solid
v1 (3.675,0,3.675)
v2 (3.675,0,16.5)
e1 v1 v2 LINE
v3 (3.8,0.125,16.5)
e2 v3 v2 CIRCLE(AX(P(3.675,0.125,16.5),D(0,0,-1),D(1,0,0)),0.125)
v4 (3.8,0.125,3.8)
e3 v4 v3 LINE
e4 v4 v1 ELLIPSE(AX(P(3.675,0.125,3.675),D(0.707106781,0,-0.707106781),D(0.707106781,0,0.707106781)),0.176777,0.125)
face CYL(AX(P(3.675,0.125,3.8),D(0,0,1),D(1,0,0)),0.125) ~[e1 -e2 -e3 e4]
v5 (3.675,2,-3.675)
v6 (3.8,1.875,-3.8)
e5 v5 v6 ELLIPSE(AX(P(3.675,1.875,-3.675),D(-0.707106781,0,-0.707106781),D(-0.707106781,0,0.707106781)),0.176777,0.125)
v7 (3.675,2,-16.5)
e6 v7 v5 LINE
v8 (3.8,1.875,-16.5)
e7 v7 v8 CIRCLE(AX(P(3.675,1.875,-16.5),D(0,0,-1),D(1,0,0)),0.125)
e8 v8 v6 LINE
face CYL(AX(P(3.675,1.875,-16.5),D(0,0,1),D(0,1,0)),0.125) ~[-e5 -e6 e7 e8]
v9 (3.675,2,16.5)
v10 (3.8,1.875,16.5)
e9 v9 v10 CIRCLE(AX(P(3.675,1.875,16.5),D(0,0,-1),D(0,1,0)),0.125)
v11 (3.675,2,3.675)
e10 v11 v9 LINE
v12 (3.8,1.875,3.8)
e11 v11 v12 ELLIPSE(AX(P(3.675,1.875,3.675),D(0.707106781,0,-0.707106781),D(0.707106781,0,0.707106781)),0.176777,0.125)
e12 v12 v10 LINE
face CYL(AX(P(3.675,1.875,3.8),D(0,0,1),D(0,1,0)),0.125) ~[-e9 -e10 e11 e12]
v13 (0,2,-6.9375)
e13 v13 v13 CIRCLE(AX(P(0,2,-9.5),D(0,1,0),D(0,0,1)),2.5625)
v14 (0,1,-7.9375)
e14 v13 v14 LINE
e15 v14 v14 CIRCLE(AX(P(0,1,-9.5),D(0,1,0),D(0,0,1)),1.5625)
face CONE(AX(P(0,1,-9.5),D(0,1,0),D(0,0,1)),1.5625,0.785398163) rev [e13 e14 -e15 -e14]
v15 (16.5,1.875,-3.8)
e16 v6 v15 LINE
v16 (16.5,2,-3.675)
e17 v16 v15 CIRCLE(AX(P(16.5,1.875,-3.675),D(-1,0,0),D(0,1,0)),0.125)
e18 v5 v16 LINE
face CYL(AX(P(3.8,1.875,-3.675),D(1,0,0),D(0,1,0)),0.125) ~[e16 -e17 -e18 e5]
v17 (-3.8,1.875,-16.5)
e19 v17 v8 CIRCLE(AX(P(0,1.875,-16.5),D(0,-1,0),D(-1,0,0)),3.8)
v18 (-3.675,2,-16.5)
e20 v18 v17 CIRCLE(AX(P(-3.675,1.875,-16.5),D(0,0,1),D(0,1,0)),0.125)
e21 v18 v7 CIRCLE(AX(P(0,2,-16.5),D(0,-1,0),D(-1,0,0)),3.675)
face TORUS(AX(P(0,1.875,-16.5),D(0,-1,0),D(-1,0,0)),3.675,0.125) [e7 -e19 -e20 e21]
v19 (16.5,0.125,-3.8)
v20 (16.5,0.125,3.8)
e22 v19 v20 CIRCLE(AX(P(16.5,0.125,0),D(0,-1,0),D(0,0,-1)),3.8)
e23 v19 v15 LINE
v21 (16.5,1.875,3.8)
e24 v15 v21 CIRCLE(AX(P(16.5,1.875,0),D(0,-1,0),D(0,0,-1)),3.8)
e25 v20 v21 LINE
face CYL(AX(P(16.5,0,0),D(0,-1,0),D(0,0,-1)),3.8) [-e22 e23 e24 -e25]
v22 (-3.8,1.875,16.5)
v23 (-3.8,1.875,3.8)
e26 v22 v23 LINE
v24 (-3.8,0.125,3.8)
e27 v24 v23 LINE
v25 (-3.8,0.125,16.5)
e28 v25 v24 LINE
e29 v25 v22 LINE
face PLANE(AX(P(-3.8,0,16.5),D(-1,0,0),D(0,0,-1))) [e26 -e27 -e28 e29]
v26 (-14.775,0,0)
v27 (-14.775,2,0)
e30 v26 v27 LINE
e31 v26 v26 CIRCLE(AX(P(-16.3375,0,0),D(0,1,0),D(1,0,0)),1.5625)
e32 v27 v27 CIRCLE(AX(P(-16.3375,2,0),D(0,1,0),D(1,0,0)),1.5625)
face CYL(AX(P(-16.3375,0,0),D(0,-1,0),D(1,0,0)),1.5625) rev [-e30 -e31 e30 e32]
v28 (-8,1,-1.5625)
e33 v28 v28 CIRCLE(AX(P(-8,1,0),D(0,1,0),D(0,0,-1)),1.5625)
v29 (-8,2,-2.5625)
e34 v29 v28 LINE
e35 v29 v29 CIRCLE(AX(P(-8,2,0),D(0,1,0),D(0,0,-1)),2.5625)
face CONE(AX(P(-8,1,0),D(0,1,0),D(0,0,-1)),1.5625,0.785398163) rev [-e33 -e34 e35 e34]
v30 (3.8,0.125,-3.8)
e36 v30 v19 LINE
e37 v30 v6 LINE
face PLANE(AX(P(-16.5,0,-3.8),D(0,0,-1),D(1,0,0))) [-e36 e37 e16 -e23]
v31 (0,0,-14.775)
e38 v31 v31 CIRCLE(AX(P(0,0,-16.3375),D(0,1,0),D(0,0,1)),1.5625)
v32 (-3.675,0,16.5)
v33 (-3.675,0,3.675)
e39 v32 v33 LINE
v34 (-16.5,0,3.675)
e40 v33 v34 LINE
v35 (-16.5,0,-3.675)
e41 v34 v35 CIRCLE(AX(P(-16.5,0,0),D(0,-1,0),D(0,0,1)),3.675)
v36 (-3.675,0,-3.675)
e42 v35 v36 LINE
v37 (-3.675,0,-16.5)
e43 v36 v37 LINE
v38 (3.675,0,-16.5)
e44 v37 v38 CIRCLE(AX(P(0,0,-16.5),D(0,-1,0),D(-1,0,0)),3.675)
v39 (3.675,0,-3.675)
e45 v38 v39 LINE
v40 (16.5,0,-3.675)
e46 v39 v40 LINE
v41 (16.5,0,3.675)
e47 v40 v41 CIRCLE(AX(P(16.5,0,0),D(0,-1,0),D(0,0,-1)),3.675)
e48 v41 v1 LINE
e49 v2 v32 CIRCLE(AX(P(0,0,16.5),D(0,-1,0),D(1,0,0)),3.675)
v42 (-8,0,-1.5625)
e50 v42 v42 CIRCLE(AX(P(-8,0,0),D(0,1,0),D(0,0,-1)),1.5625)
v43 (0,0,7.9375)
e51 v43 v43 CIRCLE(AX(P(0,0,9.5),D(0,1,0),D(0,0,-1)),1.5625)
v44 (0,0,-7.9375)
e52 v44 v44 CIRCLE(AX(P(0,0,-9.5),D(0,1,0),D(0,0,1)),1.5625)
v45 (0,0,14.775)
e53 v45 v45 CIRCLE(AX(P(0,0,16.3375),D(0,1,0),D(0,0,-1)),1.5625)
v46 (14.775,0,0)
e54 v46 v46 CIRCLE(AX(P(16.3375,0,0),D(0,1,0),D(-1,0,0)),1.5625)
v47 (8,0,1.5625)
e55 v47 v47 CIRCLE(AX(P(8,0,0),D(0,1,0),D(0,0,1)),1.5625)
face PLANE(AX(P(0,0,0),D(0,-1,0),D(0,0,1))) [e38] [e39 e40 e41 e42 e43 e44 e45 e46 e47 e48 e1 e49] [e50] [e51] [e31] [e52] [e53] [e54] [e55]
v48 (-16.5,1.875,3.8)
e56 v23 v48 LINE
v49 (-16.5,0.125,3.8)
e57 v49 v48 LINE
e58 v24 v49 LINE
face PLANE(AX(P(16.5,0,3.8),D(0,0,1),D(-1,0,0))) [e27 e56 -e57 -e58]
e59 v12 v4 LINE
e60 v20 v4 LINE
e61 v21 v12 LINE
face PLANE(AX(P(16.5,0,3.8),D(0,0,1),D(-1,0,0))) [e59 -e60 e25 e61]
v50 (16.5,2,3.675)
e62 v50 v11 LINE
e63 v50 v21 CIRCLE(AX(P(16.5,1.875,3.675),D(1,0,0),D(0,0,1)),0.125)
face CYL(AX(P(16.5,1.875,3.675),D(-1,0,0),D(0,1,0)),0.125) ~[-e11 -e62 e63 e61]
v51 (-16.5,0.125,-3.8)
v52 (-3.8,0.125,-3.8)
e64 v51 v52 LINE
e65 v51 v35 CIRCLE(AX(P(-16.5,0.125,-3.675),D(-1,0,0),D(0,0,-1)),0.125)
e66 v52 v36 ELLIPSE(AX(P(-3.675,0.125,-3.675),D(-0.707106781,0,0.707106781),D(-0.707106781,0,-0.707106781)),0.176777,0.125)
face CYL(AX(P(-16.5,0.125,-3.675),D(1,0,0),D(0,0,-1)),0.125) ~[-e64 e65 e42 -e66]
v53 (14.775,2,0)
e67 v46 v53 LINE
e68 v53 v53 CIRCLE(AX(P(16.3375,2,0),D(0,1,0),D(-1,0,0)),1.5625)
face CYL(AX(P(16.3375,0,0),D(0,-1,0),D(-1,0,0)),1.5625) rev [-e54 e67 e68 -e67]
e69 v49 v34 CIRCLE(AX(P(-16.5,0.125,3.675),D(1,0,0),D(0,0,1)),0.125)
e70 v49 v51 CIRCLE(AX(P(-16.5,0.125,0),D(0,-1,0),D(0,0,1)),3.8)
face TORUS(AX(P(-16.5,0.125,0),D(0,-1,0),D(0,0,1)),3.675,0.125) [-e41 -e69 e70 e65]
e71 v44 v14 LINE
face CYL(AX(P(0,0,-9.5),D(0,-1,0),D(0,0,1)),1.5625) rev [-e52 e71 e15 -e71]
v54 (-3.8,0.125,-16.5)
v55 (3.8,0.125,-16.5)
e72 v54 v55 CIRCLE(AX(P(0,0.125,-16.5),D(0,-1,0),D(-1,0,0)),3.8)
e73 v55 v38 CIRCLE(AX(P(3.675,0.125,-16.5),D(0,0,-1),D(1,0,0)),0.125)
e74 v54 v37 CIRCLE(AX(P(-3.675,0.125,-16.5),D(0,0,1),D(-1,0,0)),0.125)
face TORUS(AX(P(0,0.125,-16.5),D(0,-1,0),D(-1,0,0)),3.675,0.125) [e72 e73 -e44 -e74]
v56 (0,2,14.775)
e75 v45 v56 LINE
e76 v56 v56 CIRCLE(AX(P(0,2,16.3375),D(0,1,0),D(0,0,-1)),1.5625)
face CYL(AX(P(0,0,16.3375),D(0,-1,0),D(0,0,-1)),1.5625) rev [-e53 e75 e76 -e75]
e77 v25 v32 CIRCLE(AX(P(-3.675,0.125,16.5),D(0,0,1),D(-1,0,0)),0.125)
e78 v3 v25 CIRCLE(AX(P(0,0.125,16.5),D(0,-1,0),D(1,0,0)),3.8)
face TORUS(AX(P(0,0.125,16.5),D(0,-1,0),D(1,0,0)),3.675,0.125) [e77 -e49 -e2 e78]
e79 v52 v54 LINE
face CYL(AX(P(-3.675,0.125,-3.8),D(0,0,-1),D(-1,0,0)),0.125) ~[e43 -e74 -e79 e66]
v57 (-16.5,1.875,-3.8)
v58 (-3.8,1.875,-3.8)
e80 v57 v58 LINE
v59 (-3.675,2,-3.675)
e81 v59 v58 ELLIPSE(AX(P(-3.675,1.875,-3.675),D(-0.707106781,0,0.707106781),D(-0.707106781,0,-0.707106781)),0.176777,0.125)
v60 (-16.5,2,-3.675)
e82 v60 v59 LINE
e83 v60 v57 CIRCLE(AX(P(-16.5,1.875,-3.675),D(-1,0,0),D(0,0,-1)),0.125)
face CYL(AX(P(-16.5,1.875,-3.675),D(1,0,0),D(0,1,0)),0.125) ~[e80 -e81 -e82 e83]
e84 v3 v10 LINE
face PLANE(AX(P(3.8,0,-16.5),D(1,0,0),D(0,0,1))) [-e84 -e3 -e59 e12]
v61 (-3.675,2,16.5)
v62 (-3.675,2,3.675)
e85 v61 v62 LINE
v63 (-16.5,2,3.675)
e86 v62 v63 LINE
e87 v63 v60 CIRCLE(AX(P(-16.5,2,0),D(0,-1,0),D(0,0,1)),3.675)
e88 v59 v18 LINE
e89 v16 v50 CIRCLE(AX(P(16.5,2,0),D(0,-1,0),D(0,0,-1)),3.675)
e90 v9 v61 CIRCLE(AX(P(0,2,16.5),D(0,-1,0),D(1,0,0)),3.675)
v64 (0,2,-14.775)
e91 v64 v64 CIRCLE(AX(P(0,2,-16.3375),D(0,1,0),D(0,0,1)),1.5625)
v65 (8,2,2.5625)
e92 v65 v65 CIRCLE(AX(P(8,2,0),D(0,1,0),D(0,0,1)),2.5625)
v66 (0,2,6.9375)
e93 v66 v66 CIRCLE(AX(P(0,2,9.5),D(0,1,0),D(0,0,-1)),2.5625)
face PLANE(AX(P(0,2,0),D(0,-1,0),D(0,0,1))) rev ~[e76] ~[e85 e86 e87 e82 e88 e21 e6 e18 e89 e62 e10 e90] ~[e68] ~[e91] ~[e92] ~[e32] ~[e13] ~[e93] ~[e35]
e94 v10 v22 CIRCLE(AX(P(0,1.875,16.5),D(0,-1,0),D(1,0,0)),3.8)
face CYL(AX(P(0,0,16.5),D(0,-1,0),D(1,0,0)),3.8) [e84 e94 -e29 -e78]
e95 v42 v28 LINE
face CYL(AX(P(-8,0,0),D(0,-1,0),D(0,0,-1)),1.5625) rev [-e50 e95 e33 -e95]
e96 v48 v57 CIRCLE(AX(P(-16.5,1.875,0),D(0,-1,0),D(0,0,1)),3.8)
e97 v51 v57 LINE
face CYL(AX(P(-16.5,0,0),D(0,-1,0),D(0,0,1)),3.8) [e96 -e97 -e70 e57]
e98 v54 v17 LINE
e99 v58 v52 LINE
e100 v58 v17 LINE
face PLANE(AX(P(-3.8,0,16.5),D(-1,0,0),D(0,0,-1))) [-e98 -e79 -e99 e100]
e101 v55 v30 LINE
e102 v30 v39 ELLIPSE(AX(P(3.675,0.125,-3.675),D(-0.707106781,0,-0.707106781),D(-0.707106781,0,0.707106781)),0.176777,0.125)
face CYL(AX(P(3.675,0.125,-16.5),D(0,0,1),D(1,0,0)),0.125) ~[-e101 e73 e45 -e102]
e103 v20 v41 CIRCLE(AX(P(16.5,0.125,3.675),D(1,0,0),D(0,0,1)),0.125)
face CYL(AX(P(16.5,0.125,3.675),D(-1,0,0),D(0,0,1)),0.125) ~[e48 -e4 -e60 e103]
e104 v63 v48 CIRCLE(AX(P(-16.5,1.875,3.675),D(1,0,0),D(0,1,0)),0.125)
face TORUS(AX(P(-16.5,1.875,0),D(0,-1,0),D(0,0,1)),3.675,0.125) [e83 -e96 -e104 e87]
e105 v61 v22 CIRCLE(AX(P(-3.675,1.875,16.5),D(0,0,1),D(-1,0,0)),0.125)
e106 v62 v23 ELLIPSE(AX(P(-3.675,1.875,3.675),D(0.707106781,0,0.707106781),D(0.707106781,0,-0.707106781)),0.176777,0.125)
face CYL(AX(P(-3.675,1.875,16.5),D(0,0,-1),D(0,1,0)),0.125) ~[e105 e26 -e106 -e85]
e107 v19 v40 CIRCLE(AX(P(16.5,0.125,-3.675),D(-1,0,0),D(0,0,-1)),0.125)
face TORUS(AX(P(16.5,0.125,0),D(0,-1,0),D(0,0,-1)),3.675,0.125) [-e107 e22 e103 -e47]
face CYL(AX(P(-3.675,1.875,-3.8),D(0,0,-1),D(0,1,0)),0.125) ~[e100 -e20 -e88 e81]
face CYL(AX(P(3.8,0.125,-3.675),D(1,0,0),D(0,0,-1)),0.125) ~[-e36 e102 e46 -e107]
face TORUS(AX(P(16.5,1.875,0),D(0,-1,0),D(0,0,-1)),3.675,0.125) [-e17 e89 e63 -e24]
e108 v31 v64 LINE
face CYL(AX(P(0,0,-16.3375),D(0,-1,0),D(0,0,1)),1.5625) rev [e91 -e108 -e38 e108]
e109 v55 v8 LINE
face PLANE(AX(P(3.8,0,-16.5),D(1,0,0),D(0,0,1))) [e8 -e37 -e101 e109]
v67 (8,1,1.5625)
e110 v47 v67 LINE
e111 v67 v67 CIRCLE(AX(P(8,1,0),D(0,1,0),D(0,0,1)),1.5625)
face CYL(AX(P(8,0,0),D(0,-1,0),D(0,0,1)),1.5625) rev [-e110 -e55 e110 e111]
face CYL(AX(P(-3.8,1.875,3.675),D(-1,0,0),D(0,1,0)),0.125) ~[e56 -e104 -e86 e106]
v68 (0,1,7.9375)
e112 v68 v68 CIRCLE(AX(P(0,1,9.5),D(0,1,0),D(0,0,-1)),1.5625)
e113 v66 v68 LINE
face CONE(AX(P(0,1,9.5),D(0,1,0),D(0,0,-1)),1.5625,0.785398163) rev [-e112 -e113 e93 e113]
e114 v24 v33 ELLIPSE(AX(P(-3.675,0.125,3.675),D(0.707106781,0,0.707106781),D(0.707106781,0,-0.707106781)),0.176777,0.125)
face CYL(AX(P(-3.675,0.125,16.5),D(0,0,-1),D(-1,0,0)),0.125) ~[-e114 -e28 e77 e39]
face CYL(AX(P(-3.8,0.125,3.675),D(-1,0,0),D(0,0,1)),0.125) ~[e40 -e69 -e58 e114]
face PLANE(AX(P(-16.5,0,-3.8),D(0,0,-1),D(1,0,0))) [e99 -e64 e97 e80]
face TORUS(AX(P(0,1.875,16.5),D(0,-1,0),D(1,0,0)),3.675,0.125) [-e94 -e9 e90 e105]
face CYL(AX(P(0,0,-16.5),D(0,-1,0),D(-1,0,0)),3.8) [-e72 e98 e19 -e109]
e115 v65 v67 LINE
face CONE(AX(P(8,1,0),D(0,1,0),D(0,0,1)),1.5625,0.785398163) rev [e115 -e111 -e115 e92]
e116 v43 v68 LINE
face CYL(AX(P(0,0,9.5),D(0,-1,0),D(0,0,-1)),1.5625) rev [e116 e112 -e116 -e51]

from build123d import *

# Parameters (mm, degrees)
SKETCH1_R           = 1.5625
BOSS_EXTRUDE1_DEPTH = 2
CIRPATTERN1_COUNT   = 2
CIRPATTERN1_ANGLE   = 90
SKETCH2_R           = 1.5625
CUT_EXTRUDE1_DEPTH  = 2
CHAMFER1_SIZE       = 1
FILLET1_R           = 0.125


with BuildPart() as part:
    # Sketch1 → Boss-Extrude1 (new body)
    with BuildSketch(Plane(origin=(0, 0, 0), x_dir=(1, 0, 0), z_dir=(0, 1, 0))):
        with BuildLine():
            Line((-3.8, -16.5), (-3.8, 16.5))
            ThreePointArc((-3.8, 16.5), (0, 20.3), (3.8, 16.5))
            Line((3.8, 16.5), (3.8, -16.5))
            ThreePointArc((3.8, -16.5), (0, -20.3), (-3.8, -16.5))
        make_face()
        with Locations(Location((0, 16.3375, 0), (0, 0, 270))):
            Circle(SKETCH1_R, mode=Mode.SUBTRACT)
        with Locations(Location((0, -16.3375, 0), (0, 0, 90))):
            Circle(SKETCH1_R, mode=Mode.SUBTRACT)
    boss_extrude1 = extrude(amount=BOSS_EXTRUDE1_DEPTH)

    # CirPattern1: Boss-Extrude1 ×2 about axis
    cirpattern1_axis = Axis((0, 0, 0), (0, 1, 0))
    for i in range(1, CIRPATTERN1_COUNT):
        add(boss_extrude1.rotate(cirpattern1_axis, i * CIRPATTERN1_ANGLE / (CIRPATTERN1_COUNT - 1)))

    # Sketch2 → Cut-Extrude1 (cut)
    with BuildSketch(Plane(origin=(0, 0, 0), x_dir=(1, 0, 0), z_dir=(0, 1, 0))):
        with Locations(Location((0, 9.5, 0), (0, 0, 270))):
            Circle(SKETCH2_R)
        with Locations(Location((8, 0, 0), (0, 0, 270))):
            Circle(SKETCH2_R)
        with Locations(Location((0, -9.5, 0), (0, 0, 90))):
            Circle(SKETCH2_R)
        with Locations(Location((-8, 0, 0), (0, 0, 90))):
            Circle(SKETCH2_R)
    extrude(amount=CUT_EXTRUDE1_DEPTH, mode=Mode.SUBTRACT)

    # Chamfer1
    chamfer1_edges = [part.edges().sort_by_distance(p)[0] for p in [
        (0, 2, -11.0625),
        (8, 2, -1.5625),
        (0, 2, 11.0625),
        (-8, 2, 1.5625),
    ]]
    chamfer(chamfer1_edges, length=CHAMFER1_SIZE)

    # Fillet1
    fillet1_edges = [part.edges().sort_by_distance(p)[0] for p in [
        (0, 2, -20.3),
        (-3.8, 2, -10.15),
        (-3.8, 0, 10.15),
        (-3.8, 2, 10.15),
        (3.8, 0, -10.15),
        (3.8, 2, -10.15),
        (10.15, 2, 3.8),
        (20.3, 2, 0),
        (10.15, 2, -3.8),
        (-10.15, 2, -3.8),
        (-20.3, 2, 0),
        (-10.15, 2, 3.8),
        (10.15, 0, -3.8),
        (-10.15, 0, -3.8),
        (10.15, 0, 3.8),
        (-10.15, 0, 3.8),
        (20.3, 0, 0),
        (-20.3, 0, 0),
        (0, 2, 20.3),
        (-3.8, 0, -10.15),
        (0, 0, -20.3),
        (3.8, 0, 10.15),
        (0, 0, 20.3),
        (3.8, 2, 10.15),
    ]]
    fillet(fillet1_edges, radius=FILLET1_R)


solid = part.part
